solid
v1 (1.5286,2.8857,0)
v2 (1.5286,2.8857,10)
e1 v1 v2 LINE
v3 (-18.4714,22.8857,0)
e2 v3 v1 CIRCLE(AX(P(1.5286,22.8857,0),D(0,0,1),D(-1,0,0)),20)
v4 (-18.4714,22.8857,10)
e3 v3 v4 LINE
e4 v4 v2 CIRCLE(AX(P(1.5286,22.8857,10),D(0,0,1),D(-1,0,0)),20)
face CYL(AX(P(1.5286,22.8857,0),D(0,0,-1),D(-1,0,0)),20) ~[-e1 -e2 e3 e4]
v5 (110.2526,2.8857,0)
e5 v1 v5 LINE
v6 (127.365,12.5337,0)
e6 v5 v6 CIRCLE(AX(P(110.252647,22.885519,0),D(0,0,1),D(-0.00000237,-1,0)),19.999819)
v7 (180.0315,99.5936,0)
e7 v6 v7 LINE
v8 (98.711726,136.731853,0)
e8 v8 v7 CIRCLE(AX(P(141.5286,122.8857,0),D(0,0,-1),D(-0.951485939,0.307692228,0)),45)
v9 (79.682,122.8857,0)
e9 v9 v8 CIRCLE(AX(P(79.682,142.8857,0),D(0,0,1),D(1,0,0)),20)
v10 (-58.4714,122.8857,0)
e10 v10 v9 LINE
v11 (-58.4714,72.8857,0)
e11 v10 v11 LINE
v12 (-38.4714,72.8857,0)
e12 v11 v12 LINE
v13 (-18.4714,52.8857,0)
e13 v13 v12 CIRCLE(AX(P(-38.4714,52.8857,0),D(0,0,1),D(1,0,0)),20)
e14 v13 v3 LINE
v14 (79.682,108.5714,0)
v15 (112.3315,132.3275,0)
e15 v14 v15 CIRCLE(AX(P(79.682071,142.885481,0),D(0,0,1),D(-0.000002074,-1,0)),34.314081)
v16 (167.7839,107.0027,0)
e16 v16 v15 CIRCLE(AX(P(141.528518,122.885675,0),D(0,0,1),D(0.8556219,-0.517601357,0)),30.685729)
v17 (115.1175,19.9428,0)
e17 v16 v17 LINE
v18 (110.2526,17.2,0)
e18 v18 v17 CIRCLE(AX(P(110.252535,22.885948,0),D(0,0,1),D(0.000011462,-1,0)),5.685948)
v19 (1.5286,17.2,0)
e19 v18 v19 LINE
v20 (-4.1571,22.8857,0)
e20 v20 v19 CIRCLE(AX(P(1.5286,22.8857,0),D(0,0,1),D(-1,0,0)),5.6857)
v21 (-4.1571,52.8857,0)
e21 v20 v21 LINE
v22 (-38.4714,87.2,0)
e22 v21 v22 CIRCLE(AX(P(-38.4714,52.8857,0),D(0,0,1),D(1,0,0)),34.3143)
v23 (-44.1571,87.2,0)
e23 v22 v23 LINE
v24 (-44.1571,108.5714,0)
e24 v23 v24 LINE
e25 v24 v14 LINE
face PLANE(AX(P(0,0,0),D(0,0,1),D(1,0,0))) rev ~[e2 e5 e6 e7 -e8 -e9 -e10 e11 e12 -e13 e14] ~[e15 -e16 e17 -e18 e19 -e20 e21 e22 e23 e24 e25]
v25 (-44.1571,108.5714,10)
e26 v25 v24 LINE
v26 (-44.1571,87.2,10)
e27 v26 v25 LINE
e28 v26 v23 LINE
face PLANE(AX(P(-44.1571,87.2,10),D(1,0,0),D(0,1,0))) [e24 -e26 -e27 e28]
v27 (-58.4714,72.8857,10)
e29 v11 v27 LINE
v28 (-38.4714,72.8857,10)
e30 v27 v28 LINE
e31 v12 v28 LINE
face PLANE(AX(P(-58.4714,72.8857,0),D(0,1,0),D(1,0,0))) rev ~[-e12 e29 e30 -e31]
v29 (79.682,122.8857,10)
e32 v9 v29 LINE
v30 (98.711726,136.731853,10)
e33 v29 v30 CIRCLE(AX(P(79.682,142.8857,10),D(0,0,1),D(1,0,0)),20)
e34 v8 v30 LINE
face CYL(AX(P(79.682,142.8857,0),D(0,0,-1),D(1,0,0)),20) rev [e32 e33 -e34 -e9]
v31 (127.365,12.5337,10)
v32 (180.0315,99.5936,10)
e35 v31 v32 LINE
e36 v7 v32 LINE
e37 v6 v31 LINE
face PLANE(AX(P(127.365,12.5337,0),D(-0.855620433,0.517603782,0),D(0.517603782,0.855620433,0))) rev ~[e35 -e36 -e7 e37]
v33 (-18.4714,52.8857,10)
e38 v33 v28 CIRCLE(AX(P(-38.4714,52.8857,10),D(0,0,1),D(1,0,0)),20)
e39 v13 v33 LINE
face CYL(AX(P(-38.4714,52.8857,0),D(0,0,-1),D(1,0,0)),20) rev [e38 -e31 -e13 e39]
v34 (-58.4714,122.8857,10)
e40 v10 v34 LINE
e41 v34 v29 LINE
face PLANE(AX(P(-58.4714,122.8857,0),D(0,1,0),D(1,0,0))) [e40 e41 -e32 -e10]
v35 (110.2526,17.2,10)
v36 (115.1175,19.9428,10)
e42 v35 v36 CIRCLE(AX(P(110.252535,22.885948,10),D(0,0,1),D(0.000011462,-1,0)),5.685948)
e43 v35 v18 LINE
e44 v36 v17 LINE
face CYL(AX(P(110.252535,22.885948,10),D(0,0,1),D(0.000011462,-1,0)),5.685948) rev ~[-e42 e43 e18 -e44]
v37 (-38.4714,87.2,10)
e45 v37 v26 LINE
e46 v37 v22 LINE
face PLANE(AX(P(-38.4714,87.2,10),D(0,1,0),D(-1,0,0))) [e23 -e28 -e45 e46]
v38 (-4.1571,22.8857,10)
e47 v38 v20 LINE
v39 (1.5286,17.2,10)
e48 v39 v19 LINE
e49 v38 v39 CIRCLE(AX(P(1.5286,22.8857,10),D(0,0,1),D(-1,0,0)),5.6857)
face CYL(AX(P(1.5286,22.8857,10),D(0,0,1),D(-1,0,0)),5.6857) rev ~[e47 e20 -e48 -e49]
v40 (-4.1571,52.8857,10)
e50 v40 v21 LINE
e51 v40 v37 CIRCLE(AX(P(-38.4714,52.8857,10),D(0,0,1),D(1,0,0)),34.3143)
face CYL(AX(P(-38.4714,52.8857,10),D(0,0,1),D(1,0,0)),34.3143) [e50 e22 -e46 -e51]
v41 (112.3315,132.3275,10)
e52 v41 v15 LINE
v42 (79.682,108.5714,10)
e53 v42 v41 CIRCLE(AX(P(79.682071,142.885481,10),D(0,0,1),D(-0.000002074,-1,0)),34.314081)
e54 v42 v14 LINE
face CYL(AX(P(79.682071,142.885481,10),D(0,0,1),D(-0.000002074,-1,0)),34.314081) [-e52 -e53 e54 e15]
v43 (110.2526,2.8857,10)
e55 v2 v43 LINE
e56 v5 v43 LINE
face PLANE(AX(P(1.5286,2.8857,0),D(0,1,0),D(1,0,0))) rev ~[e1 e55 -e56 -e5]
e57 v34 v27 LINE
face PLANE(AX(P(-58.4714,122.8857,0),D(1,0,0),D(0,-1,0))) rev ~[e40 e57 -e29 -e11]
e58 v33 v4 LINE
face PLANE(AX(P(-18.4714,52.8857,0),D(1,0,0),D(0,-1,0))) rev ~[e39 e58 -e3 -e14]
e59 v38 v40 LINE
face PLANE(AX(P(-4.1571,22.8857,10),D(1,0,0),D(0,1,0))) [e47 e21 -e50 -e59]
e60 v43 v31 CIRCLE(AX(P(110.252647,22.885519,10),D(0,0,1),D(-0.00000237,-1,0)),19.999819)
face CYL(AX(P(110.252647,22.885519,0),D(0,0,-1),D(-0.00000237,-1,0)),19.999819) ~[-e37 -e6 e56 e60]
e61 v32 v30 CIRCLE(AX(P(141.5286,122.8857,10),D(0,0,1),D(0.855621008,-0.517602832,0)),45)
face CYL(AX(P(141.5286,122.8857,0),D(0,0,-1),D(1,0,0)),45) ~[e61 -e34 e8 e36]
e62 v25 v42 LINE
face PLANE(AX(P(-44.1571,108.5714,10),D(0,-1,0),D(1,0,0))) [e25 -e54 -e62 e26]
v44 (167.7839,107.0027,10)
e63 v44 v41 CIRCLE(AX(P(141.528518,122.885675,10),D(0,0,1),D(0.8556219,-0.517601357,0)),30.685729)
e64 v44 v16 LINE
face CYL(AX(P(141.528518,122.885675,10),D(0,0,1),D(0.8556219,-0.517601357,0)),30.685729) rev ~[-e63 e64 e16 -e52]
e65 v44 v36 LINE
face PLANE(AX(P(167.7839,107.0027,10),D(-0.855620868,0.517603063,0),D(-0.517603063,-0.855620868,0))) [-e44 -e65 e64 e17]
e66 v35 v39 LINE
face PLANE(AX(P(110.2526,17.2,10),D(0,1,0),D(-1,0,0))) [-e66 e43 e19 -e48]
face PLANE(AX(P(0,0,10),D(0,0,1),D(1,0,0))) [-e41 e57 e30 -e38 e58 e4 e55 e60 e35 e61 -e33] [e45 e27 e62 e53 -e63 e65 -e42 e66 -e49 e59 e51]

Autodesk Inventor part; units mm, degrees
ref_plane "YZ Plane" through (0, 0, 0) normal (1, 0, 0) x (0, 1, 0)
ref_plane "XZ Plane" through (0, 0, 0) normal (0, 1, 0) x (-1, 0, 0)
ref_plane "XY Plane" through (0, 0, 0) normal (0, 0, 1) x (1, 0, 0)
sketch "Sketch1" plane through (0, 0, 0) normal (0, 0, 1) x (1, 0, 0)
  line L0 (-58.4714, 122.8857) -> (-58.4714, 72.8857)
  line L1 (-58.4714, 72.8857) -> (-38.4714, 72.8857)
  line L2 (-18.4714, 52.8857) -> (-18.4714, 22.8857)
  line L3 (1.5286, 2.8857) -> (110.2526, 2.8857)
  line L4 (127.365, 12.5337) -> (180.0315, 99.5936)
  line L5 (-58.4714, 122.8857) -> (96.5286, 122.8857)
  circle A0 centre (141.5286, 122.8857) radius 45
  arc A1 (-18.4714, 52.8857) -> (-38.4714, 72.8857) centre (-38.4714, 52.8857) ccw
  arc A2 (-18.4714, 22.8857) -> (1.5286, 2.8857) centre (1.5286, 22.8857) ccw
  arc A3 (110.2526, 2.8857) -> (127.365, 12.5337) centre (110.2526, 22.8857) ccw
  circle A4 centre (79.682, 142.8857) radius 20
  line L6 (332.4097, 149.7121) -> (512.4097, 149.7121)
  line L7 (512.4097, 149.7121) -> (512.4097, 29.7121)
  line L8 (512.4097, 29.7121) -> (332.4097, 29.7121)
  line L9 (332.4097, 29.7121) -> (332.4097, 149.7121)
  circle A5 centre (512.4097, 149.7121) radius 54.8405
  point P0 (0, 0)
  point P1 (-18.4714, 72.8857)
  point P2 (-18.4714, 2.8857)
  point P3 (121.5286, 2.8857)
  point P4 (512.4097, 94.8716)
  point P5 (457.5692, 149.7121)
  point P6 (98.7117, 136.7319)
  point P7 (79.682, 122.8857)
  dimension "WIDTH" = 120
  dimension "LENGTH" = 180
  dimension "d2" = 200
  dimension "d3" = 40
  dimension "d4" = 50
  dimension "d5" = 20
  dimension "d6" = 40
  dimension "d7" = 90
  dimension "d8" = 180
  dimension "d9" = 120
extrude "Extrusion1" add sketch "Sketch1" along normal blind 10 contours L5 A0 L4 A3 L3 A2 L2 A1 L1 L0 | A4 A0 L5 | A0
sketch "Sketch3" plane through (0, 0, 10) normal (0, 0, 1) x (1, 0, 0)
  line L0 (-18.4714, 52.8857) -> (-18.4714, 22.8857) projected
  arc A0 (-18.4714, 22.8857) -> (1.5286, 2.8857) centre (1.5286, 22.8857) ccw projected
  line L1 (1.5286, 2.8857) -> (110.2526, 2.8857) projected
  arc A1 (110.2526, 2.8857) -> (127.365, 12.5337) centre (110.2526, 22.8857) ccw projected
  line L2 (127.365, 12.5337) -> (180.0315, 99.5936) projected
  arc A2 (180.0315, 99.5936) -> (98.7117, 136.7319) centre (141.5286, 122.8857) ccw projected
  arc A3 (79.682, 122.8857) -> (98.7117, 136.7319) centre (79.682, 142.8857) ccw projected
  line L3 (79.682, 122.8857) -> (-58.4714, 122.8857) projected
  line L4 (-58.4714, 122.8857) -> (-58.4714, 72.8857) projected
  line L5 (-58.4714, 72.8857) -> (-38.4714, 72.8857) projected
  arc A4 (-18.4714, 52.8857) -> (-38.4714, 72.8857) centre (-38.4714, 52.8857) ccw projected
  line L6 (-44.1571, 108.5714) -> (79.682, 108.5714)
  arc A5 (79.682, 108.5714) -> (112.3315, 132.3275) centre (79.682, 142.8857) ccw
  arc A6 (167.7839, 107.0027) -> (112.3315, 132.3275) centre (141.5286, 122.8857) ccw
  line L7 (167.7839, 107.0027) -> (115.1175, 19.9428)
  arc A7 (110.2526, 17.2) -> (115.1175, 19.9428) centre (110.2526, 22.8857) ccw
  line L8 (110.2526, 17.2) -> (1.5286, 17.2)
  arc A8 (-4.1571, 22.8857) -> (1.5286, 17.2) centre (1.5286, 22.8857) ccw
  line L9 (-4.1571, 22.8857) -> (-4.1571, 52.8857)
  arc A9 (-4.1571, 52.8857) -> (-38.4714, 87.2) centre (-38.4714, 52.8857) ccw
  line L10 (-38.4714, 87.2) -> (-44.1571, 87.2)
  line L11 (-44.1571, 87.2) -> (-44.1571, 108.5714)
  point P0 (0, 0)
extrude "Extrusion3" cut sketch "Sketch3" against normal through all contours L6 A5 A6 L7 A7 L8 A8 L9 A9 L10 L11
equation "\"d8\" = LENGTH"
equation "\"d9\" = WIDTH"
properties part number "ch6-gasket"
